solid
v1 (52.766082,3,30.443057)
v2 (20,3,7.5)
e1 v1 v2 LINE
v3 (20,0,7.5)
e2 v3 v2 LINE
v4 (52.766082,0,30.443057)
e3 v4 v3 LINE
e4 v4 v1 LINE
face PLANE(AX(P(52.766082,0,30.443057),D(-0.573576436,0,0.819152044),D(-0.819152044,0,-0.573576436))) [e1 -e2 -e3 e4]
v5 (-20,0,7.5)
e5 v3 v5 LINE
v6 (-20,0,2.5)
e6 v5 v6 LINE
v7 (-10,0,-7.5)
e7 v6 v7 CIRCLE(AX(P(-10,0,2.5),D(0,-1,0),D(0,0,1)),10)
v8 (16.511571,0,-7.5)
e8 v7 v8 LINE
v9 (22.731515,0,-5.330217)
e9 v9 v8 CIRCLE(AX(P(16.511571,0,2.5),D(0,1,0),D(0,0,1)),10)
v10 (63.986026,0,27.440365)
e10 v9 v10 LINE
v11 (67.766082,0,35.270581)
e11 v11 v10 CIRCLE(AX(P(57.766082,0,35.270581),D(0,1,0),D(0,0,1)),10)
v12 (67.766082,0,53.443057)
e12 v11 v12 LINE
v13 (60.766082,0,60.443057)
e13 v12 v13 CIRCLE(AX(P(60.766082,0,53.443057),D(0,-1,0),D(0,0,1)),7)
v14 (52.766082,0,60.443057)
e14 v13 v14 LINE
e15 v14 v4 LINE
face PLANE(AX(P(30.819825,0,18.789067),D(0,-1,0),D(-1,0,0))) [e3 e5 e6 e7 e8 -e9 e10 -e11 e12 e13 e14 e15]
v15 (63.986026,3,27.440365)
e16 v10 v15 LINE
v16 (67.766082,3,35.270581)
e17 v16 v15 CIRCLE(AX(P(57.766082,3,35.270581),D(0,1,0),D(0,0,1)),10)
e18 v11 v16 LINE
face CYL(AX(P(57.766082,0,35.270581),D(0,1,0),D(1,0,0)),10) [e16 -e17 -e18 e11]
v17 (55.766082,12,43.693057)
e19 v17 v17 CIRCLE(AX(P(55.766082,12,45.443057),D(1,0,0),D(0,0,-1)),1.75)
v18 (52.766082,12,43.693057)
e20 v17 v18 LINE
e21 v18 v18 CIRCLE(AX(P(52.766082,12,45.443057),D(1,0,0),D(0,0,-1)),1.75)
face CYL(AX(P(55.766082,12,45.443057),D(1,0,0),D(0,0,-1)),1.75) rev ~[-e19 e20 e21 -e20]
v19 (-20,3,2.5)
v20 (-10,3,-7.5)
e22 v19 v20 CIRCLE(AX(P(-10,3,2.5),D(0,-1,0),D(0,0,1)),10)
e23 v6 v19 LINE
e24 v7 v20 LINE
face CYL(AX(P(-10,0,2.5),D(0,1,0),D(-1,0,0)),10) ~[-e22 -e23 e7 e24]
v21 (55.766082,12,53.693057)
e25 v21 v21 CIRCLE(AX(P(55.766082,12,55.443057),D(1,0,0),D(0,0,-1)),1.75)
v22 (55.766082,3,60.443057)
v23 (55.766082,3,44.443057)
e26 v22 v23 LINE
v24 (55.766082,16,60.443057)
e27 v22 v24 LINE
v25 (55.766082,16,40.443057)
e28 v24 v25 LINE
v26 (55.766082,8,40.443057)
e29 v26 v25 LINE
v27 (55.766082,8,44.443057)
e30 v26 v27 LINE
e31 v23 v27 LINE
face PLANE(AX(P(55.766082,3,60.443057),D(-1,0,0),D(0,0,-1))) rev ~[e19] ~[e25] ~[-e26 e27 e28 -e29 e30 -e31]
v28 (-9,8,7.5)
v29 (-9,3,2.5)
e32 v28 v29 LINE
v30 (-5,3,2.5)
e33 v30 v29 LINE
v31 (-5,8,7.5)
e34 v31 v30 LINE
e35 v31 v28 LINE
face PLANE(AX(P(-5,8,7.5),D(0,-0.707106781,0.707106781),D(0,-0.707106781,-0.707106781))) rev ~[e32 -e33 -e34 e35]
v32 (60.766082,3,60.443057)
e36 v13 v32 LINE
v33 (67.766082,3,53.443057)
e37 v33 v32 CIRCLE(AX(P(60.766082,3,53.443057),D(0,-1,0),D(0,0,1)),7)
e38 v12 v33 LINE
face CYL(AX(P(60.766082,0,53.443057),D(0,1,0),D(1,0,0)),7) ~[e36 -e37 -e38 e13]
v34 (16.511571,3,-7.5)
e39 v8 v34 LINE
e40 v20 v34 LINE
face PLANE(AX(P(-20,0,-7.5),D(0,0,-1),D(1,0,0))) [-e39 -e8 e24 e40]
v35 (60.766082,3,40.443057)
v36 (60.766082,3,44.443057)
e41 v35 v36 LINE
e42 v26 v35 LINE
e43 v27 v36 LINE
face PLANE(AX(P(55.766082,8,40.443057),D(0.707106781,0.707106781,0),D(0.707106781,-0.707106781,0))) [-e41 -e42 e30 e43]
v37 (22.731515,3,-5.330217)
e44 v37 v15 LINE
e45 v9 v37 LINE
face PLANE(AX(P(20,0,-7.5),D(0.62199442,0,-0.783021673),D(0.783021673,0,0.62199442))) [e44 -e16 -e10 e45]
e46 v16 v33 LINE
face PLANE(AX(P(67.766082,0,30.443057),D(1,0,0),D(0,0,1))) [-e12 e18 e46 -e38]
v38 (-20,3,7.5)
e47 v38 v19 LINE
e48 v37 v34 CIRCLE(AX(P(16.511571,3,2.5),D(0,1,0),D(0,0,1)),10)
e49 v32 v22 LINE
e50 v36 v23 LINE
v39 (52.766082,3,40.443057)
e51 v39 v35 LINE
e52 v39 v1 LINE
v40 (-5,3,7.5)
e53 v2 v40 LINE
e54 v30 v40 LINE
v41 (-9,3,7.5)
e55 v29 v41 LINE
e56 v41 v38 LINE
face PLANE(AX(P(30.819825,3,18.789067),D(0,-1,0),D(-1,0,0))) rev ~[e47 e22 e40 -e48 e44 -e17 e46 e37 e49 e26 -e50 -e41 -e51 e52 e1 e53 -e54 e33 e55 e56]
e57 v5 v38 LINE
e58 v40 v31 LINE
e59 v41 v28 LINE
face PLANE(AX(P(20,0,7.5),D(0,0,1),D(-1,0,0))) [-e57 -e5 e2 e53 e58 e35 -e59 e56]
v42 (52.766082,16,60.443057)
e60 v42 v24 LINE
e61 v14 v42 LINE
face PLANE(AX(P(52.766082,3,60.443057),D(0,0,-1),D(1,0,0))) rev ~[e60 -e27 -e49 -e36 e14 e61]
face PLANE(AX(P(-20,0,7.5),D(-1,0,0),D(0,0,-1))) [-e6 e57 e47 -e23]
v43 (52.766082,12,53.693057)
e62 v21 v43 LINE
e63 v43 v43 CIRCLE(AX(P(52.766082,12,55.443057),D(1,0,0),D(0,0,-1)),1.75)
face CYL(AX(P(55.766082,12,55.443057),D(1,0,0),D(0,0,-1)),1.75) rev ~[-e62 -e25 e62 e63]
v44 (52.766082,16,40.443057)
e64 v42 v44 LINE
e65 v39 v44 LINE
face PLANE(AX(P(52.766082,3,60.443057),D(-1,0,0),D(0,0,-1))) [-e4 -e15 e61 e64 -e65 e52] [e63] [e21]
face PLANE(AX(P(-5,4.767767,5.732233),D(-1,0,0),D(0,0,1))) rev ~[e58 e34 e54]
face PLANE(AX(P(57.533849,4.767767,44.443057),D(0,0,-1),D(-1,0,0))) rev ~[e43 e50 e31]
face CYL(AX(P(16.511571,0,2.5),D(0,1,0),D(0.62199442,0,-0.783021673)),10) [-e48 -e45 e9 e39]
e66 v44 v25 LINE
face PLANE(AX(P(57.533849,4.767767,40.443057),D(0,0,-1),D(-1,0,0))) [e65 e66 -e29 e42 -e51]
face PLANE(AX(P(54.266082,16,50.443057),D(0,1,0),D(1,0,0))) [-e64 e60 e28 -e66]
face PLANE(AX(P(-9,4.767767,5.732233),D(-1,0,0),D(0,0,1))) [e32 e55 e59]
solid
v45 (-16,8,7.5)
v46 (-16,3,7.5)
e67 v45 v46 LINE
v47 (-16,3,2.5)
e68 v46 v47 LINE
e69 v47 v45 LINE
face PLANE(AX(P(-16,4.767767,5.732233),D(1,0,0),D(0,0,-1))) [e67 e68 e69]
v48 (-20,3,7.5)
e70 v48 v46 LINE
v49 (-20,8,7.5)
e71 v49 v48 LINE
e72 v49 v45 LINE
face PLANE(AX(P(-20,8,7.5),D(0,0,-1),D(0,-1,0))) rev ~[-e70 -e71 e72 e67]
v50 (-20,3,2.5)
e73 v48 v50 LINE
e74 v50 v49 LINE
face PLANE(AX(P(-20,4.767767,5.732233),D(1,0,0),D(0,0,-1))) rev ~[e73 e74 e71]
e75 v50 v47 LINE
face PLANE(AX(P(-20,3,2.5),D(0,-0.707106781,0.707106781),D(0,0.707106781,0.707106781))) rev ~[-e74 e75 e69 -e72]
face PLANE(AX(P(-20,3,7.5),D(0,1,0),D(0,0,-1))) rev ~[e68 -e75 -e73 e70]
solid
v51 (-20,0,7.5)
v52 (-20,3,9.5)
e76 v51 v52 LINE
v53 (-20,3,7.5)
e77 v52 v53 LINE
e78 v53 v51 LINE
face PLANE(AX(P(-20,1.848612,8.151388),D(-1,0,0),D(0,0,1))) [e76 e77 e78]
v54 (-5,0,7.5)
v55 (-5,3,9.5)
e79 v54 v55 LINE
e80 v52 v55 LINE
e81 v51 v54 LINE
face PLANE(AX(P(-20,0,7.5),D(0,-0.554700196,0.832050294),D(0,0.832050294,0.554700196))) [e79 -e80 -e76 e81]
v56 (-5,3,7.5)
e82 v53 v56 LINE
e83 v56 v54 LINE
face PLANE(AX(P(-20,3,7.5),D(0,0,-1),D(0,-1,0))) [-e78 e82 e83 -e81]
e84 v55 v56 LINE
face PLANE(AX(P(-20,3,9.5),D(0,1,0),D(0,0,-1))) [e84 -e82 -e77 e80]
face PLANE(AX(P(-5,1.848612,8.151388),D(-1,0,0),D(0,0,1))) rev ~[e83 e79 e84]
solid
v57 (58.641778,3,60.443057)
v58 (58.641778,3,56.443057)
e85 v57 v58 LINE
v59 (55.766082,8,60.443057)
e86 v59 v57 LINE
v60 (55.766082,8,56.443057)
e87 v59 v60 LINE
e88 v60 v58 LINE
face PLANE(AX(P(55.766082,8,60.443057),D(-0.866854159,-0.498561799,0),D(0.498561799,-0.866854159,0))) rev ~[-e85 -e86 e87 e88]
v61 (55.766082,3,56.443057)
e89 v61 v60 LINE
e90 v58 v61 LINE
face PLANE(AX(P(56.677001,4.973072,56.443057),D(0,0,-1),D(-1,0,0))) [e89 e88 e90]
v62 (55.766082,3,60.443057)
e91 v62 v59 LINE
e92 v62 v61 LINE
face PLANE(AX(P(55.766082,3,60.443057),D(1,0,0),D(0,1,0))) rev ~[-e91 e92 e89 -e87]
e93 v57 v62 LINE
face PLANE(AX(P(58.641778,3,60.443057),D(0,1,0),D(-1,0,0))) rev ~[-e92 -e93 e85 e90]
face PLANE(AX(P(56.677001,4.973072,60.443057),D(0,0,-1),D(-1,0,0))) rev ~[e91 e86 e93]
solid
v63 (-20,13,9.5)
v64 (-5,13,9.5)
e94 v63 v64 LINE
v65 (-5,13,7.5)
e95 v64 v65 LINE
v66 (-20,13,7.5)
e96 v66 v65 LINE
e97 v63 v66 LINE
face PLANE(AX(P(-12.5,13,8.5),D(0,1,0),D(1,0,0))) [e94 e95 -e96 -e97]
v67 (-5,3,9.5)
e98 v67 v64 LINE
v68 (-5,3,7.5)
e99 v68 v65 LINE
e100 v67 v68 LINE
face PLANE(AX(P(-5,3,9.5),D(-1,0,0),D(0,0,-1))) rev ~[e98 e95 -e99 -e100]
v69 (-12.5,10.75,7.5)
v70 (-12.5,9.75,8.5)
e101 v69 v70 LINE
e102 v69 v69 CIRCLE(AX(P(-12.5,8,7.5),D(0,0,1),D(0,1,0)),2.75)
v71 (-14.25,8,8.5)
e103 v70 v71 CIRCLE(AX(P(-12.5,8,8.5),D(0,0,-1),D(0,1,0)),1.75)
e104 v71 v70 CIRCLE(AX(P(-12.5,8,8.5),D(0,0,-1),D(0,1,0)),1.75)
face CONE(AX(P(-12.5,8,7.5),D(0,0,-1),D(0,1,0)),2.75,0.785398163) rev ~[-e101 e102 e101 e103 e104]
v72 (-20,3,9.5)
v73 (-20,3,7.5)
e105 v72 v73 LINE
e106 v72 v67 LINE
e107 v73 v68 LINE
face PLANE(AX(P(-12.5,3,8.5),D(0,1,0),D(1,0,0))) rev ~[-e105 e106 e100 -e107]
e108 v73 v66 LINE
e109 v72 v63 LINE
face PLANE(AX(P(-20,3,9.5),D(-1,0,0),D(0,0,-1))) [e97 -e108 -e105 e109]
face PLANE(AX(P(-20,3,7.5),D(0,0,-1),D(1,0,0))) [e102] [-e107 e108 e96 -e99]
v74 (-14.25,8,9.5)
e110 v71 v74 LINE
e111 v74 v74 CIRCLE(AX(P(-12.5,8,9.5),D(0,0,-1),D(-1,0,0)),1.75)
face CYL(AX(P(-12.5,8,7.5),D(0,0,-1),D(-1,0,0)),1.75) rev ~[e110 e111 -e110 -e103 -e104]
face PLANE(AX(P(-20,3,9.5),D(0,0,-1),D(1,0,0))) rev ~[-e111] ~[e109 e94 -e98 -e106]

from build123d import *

# Parameters (mm, degrees)
BASE_EXT_DEPTH            = 3
MOUNTING_PLATE_W          = 15
MOUNTING_PLATE_H          = 2
LED_BOX_PLATE_EXT_DEPTH   = 10
BOSS_EXTRUDE6_DEPTH       = 4
BOSS_EXTRUDE9_DEPTH       = 4
BOSS_EXTRUDE11_DEPTH      = 15
M3_SCREW_R                = 1.75
CUT_EXTRUDE3_DEPTH        = 87.972462143
SKETCH13_W                = 3
SKETCH13_H                = 20
MOUNT_PLATE_BOX_EXT_DEPTH = 13
BOSS_EXTRUDE12_DEPTH      = 4
BOSS_EXTRUDE15_DEPTH      = 4
M3_SCREWS_R               = 1.75
M3_SCREW_CUT_DEPTH        = 8
FILLET1_R                 = 10
FILLET2_R                 = 7
FILLET3_R                 = 10
FILLET4_R                 = 10


with BuildPart() as part:
    # Base → Base EXT (new body)
    with BuildSketch(Plane(origin=(0, 0, 0), x_dir=(1, 0, 0), z_dir=(0, 1, 0))):
        Polygon((20, 7.5), (67.766081772, -30.443057454), (67.766081772, -60.443057454), (52.766081772, -60.443057454), (52.766081772, -30.443057454), (20, -7.5), (-20, -7.5), (-20, 7.5), align=None)
    extrude(amount=BASE_EXT_DEPTH)

    # Sketch17 → Boss-Extrude9 (add)
    with BuildSketch(Plane(origin=(-5, 0, 0), x_dir=(0, 0, -1), z_dir=(1, 0, 0))):
        Polygon((-7.5, 8), (-2.5, 3), (-7.5, 3), align=None)
    extrude(amount=-BOSS_EXTRUDE9_DEPTH)

    # Sketch13 → Mount Plate BOX EXT (add)
    with BuildSketch(Plane(origin=(0, 3, 0), x_dir=(1, 0, 0), z_dir=(0, 1, 0))):
        with Locations((54.266081772, -50.443057454)):
            Rectangle(SKETCH13_W, SKETCH13_H)
    extrude(amount=MOUNT_PLATE_BOX_EXT_DEPTH)

    # Sketch21 → Boss-Extrude15 (add)
    with BuildSketch(Plane(origin=(0, 0, 40.443057454), x_dir=(-1, 0, 0), z_dir=(0, 0, -1))):
        Polygon((-55.766081772, 8), (-60.766081772, 3), (-55.766081772, 3), align=None)
    extrude(amount=-BOSS_EXTRUDE15_DEPTH)

    # M3 Screws → M3 Screw Cut (cut)
    with BuildSketch(Plane(origin=(55.766081772, 0, 0), x_dir=(0, 0, -1), z_dir=(1, 0, 0))):
        with Locations((-55.443057454, 12)):
            Circle(M3_SCREWS_R)
        with Locations((-45.443057454, 12)):
            Circle(M3_SCREWS_R)
    extrude(amount=-M3_SCREW_CUT_DEPTH, mode=Mode.SUBTRACT)

    # Fillet1
    fillet1_edges = [part.edges().sort_by_distance(p)[0] for p in [
        (-20, 1.5, -7.5),
    ]]
    fillet(fillet1_edges, radius=FILLET1_R)

    # Fillet2
    fillet2_edges = [part.edges().sort_by_distance(p)[0] for p in [
        (67.766081772, 1.5, 60.443057454),
    ]]
    fillet(fillet2_edges, radius=FILLET2_R)

    # Fillet3
    fillet3_edges = [part.edges().sort_by_distance(p)[0] for p in [
        (67.766081772, 1.5, 30.443057454),
    ]]
    fillet(fillet3_edges, radius=FILLET3_R)

    # Fillet4
    fillet4_edges = [part.edges().sort_by_distance(p)[0] for p in [
        (20, 1.5, -7.5),
    ]]
    fillet(fillet4_edges, radius=FILLET4_R)


with BuildPart() as body_2:
    # Mounting Plate → LED Box Plate EXT (new body)
    with BuildSketch(Plane(origin=(0, 3, 0), x_dir=(1, 0, 0), z_dir=(0, 1, 0))):
        with Locations((-12.5, -8.5)):
            Rectangle(MOUNTING_PLATE_W, MOUNTING_PLATE_H)
    extrude(amount=LED_BOX_PLATE_EXT_DEPTH)

    # M3 Screw → Cut-Extrude3 (cut, through all)
    with BuildSketch(Plane(origin=(0, 0, 7.5), x_dir=(-1, 0, 0), z_dir=(0, 0, -1))):
        with Locations((12.5, 8)):
            Circle(M3_SCREW_R)
    extrude(amount=-CUT_EXTRUDE3_DEPTH, mode=Mode.SUBTRACT)

    # Cut-Extrude4 cone 1 section (through the dimple's axis) → Cut-Extrude4 (revolve, cut)
    with BuildSketch(Plane(origin=(-12.5, 8, 7.5), x_dir=(0, 1, 0), z_dir=(1, 0, 0))):
        Polygon((0, 0), (2.75, 0), (0, 2.75), align=None)
    revolve(axis=Axis((-12.5, 8, 7.5), (0, 0, 1)), mode=Mode.SUBTRACT)


with BuildPart() as body_3:
    # Sketch16 → Boss-Extrude6 (new body)
    with BuildSketch(Plane.ZY.offset(20)):
        Polygon((2.5, 3), (7.5, 8), (7.5, 3), align=None)
    extrude(amount=-BOSS_EXTRUDE6_DEPTH)


with BuildPart() as body_4:
    # Sketch18 → Boss-Extrude11 (new body)
    with BuildSketch(Plane.ZY.offset(20)):
        Polygon((7.5, 0), (9.5, 3), (7.5, 3), align=None)
    extrude(amount=-BOSS_EXTRUDE11_DEPTH)


with BuildPart() as body_5:
    # Sketch20 → Boss-Extrude12 (new body)
    with BuildSketch(Plane.XY.offset(60.443057454)):
        Polygon((55.766081772, 8), (58.641777725, 3), (55.766081772, 3), align=None)
    extrude(amount=-BOSS_EXTRUDE12_DEPTH)


solid = Compound([part.part, body_2.part, body_3.part, body_4.part, body_5.part])
